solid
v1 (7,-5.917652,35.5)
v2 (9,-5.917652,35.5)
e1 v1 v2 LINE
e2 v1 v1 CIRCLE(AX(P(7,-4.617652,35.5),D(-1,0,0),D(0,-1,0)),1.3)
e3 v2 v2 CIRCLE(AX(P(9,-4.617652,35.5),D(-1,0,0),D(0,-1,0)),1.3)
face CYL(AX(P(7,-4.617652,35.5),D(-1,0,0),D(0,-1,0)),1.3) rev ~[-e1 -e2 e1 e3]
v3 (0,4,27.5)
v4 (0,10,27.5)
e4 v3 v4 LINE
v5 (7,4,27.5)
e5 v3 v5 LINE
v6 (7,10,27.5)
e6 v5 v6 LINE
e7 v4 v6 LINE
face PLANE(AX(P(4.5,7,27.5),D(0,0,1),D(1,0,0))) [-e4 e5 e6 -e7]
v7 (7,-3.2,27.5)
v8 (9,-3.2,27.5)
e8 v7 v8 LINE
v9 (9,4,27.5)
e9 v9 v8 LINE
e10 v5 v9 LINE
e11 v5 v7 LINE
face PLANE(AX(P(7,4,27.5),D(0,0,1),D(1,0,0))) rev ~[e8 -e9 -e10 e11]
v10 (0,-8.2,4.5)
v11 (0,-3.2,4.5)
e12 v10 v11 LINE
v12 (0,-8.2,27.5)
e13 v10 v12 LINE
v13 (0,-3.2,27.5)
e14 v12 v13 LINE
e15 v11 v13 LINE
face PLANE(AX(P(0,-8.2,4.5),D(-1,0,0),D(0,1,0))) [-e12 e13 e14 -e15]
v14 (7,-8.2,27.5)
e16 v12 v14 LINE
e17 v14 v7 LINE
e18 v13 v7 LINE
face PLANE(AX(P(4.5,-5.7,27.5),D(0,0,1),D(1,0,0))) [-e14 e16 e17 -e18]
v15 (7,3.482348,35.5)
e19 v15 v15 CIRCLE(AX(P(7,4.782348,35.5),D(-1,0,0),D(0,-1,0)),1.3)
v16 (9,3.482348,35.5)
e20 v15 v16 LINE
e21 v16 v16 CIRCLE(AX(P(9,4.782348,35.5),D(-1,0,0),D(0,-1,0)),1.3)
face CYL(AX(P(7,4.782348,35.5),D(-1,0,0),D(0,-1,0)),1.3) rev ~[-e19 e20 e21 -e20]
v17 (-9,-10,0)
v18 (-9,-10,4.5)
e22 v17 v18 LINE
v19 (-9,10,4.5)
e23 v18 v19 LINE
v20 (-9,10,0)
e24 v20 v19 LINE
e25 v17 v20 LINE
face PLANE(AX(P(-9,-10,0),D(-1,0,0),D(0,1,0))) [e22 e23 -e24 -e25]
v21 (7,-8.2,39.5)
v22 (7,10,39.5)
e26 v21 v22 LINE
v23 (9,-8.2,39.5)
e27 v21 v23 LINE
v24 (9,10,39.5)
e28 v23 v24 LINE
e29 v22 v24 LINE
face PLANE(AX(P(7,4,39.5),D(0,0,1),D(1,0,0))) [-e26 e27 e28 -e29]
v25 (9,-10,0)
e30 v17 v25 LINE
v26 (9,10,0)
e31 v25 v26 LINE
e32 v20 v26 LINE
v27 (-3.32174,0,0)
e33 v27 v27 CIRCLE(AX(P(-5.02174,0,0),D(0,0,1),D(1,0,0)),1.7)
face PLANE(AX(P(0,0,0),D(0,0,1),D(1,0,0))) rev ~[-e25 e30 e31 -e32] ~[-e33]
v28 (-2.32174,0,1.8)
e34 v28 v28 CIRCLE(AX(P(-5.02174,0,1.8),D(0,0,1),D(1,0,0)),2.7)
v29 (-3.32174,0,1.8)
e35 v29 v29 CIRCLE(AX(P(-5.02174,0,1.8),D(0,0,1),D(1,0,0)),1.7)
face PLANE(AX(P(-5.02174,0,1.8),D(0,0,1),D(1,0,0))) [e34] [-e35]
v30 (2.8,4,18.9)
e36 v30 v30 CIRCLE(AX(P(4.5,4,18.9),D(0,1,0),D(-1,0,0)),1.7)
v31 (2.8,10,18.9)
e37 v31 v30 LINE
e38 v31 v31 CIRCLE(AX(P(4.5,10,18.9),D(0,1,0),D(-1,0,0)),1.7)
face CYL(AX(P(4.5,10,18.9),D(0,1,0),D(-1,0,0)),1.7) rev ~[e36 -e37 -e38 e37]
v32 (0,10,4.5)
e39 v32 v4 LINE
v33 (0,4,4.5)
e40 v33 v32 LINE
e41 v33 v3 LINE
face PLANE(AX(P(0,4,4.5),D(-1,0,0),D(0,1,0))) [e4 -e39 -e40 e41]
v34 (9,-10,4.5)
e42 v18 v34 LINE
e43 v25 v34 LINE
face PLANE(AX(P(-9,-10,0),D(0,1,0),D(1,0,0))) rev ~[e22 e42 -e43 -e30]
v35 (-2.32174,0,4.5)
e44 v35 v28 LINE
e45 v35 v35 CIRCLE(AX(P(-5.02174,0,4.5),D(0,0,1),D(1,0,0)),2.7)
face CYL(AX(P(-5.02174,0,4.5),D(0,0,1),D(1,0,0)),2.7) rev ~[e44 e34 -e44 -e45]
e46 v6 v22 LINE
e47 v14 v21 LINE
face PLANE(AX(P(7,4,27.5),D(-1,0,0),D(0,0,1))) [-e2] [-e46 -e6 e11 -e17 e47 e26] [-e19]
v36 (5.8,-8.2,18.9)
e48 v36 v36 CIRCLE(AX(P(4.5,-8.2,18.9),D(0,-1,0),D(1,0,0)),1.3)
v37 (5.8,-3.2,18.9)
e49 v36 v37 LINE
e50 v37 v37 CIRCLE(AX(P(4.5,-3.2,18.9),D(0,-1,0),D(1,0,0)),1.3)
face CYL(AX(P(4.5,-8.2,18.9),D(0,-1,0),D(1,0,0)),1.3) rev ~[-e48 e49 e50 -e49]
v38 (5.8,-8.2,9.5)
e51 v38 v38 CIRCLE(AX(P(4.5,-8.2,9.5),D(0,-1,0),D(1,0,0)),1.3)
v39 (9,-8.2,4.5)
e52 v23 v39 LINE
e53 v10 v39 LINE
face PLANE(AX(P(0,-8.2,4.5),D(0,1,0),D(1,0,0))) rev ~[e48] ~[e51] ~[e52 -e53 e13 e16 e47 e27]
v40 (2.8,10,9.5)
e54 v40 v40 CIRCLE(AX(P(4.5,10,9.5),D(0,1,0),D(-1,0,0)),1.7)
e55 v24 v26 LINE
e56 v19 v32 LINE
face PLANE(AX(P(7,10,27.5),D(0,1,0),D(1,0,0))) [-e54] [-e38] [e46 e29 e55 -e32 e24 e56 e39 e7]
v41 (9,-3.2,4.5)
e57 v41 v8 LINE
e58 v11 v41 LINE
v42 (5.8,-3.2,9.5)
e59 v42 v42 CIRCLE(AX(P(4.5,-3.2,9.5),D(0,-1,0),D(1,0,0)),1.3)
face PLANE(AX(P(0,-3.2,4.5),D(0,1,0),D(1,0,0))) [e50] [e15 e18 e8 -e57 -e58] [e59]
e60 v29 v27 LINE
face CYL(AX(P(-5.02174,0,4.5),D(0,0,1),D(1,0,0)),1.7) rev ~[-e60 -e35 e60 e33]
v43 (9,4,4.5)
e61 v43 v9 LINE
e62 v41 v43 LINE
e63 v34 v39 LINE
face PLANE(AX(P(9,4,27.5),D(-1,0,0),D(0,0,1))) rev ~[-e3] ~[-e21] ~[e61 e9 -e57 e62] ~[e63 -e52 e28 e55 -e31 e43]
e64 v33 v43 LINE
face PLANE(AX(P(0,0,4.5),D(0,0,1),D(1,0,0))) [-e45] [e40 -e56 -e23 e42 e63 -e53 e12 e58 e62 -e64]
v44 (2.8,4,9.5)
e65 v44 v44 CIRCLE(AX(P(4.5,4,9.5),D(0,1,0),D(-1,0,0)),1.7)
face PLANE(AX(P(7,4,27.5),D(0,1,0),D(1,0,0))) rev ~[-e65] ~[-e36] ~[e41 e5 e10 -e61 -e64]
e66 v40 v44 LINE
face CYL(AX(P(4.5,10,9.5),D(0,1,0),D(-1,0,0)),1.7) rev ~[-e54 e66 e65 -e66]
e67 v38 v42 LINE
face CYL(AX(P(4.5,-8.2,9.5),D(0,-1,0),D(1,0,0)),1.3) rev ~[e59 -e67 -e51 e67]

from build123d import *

# Parameters (mm, degrees)
SKETCH_W        = 18
SKETCH_H        = 20
PAD_DEPTH       = 4.5
SKETCH001_W     = 9
SKETCH001_H     = 5
PAD001_DEPTH    = 23
SKETCH002_W     = 9
SKETCH002_H     = 6
PAD002_DEPTH    = 23
SKETCH004_W     = 2
SKETCH004_H     = 6
SKETCH004_H_2   = 5
PAD003_DEPTH    = 12
SKETCH005_R     = 1.3
POCKET_DEPTH    = 25
SKETCH007_W     = 2
SKETCH007_H     = 12
PAD004_DEPTH    = 7.2
SKETCH008_R     = 1.3
POCKET001_DEPTH = 5
COPYSKETCH009_R = 1.7
POCKET002_DEPTH = 5
SKETCH010_R     = 2.7
POCKET003_DEPTH = 2.7
SKETCH011_R     = 1.7
POCKET004_DEPTH = 7


with BuildPart() as part:
    # Sketch → Pad (new body)
    with BuildSketch(Plane.XY):
        Rectangle(SKETCH_W, SKETCH_H)
    extrude(amount=PAD_DEPTH)

    # Sketch001 (on Face6 of Pad) → Pad001 (join)
    with BuildSketch(Plane.XY.offset(4.5)):
        with Locations((4.5, -5.7)):
            Rectangle(SKETCH001_W, SKETCH001_H)
    extrude(amount=PAD001_DEPTH)

    # Sketch002 (on Face5 of Pad001) → Pad002 (join)
    with BuildSketch(Plane.XY.offset(4.5)):
        with Locations((4.5, 7)):
            Rectangle(SKETCH002_W, SKETCH002_H)
    extrude(amount=PAD002_DEPTH)

    # Sketch004 (on Face15 of Pad002) → Pad003 (join)
    with BuildSketch(Plane.XY.offset(27.5)):
        with Locations((8, 7)):
            Rectangle(SKETCH004_W, SKETCH004_H)
        with Locations((8, -5.7)):
            Rectangle(SKETCH004_W, SKETCH004_H_2)
    extrude(amount=PAD003_DEPTH)

    # Sketch005 (on Face10 of Pad003) → Pocket (cut)
    with BuildSketch(Plane.XZ.offset(8.2)):
        with Locations((4.5, 18.9)):
            Circle(SKETCH005_R)
        with Locations((4.5, 9.5)):
            Circle(SKETCH005_R)
    extrude(amount=-POCKET_DEPTH, mode=Mode.SUBTRACT)

    # Sketch007 → Pad004 (join)
    with BuildSketch(Plane.XZ.offset(-4)):
        with Locations((8, 33.5)):
            Rectangle(SKETCH007_W, SKETCH007_H)
    extrude(amount=PAD004_DEPTH)

    # Sketch008 (on Face31 of Pad004) → Pocket001 (cut)
    with BuildSketch(Plane(origin=(7, 0, 0), x_dir=(0, -1, 0), z_dir=(-1, 0, 0))):
        with Locations((-4.782348, 35.5)):
            Circle(SKETCH008_R)
        with Locations((4.617652, 35.5)):
            Circle(SKETCH008_R)
    extrude(amount=-POCKET001_DEPTH, mode=Mode.SUBTRACT)

    # CopySketch009 → Pocket002 (cut)
    with BuildSketch(Plane.XY.offset(4.5)):
        with Locations((-5.02174, 0)):
            Circle(COPYSKETCH009_R)
    extrude(amount=-POCKET002_DEPTH, mode=Mode.SUBTRACT)

    # Sketch010 (on Face5 of Pocket002) → Pocket003 (cut)
    with BuildSketch(Plane.XY.offset(4.5)):
        with Locations((-5.02174, 0)):
            Circle(SKETCH010_R)
    extrude(amount=-POCKET003_DEPTH, mode=Mode.SUBTRACT)

    # Sketch011 (on Face6 of Pocket003) → Pocket004 (cut)
    with BuildSketch(Plane(origin=(0, 10, 0), x_dir=(-1, 0, 0), z_dir=(0, 1, 0))):
        with Locations((-4.5, 18.9)):
            Circle(SKETCH011_R)
        with Locations((-4.5, 9.5)):
            Circle(SKETCH011_R)
    extrude(amount=-POCKET004_DEPTH, mode=Mode.SUBTRACT)


solid = part.part
